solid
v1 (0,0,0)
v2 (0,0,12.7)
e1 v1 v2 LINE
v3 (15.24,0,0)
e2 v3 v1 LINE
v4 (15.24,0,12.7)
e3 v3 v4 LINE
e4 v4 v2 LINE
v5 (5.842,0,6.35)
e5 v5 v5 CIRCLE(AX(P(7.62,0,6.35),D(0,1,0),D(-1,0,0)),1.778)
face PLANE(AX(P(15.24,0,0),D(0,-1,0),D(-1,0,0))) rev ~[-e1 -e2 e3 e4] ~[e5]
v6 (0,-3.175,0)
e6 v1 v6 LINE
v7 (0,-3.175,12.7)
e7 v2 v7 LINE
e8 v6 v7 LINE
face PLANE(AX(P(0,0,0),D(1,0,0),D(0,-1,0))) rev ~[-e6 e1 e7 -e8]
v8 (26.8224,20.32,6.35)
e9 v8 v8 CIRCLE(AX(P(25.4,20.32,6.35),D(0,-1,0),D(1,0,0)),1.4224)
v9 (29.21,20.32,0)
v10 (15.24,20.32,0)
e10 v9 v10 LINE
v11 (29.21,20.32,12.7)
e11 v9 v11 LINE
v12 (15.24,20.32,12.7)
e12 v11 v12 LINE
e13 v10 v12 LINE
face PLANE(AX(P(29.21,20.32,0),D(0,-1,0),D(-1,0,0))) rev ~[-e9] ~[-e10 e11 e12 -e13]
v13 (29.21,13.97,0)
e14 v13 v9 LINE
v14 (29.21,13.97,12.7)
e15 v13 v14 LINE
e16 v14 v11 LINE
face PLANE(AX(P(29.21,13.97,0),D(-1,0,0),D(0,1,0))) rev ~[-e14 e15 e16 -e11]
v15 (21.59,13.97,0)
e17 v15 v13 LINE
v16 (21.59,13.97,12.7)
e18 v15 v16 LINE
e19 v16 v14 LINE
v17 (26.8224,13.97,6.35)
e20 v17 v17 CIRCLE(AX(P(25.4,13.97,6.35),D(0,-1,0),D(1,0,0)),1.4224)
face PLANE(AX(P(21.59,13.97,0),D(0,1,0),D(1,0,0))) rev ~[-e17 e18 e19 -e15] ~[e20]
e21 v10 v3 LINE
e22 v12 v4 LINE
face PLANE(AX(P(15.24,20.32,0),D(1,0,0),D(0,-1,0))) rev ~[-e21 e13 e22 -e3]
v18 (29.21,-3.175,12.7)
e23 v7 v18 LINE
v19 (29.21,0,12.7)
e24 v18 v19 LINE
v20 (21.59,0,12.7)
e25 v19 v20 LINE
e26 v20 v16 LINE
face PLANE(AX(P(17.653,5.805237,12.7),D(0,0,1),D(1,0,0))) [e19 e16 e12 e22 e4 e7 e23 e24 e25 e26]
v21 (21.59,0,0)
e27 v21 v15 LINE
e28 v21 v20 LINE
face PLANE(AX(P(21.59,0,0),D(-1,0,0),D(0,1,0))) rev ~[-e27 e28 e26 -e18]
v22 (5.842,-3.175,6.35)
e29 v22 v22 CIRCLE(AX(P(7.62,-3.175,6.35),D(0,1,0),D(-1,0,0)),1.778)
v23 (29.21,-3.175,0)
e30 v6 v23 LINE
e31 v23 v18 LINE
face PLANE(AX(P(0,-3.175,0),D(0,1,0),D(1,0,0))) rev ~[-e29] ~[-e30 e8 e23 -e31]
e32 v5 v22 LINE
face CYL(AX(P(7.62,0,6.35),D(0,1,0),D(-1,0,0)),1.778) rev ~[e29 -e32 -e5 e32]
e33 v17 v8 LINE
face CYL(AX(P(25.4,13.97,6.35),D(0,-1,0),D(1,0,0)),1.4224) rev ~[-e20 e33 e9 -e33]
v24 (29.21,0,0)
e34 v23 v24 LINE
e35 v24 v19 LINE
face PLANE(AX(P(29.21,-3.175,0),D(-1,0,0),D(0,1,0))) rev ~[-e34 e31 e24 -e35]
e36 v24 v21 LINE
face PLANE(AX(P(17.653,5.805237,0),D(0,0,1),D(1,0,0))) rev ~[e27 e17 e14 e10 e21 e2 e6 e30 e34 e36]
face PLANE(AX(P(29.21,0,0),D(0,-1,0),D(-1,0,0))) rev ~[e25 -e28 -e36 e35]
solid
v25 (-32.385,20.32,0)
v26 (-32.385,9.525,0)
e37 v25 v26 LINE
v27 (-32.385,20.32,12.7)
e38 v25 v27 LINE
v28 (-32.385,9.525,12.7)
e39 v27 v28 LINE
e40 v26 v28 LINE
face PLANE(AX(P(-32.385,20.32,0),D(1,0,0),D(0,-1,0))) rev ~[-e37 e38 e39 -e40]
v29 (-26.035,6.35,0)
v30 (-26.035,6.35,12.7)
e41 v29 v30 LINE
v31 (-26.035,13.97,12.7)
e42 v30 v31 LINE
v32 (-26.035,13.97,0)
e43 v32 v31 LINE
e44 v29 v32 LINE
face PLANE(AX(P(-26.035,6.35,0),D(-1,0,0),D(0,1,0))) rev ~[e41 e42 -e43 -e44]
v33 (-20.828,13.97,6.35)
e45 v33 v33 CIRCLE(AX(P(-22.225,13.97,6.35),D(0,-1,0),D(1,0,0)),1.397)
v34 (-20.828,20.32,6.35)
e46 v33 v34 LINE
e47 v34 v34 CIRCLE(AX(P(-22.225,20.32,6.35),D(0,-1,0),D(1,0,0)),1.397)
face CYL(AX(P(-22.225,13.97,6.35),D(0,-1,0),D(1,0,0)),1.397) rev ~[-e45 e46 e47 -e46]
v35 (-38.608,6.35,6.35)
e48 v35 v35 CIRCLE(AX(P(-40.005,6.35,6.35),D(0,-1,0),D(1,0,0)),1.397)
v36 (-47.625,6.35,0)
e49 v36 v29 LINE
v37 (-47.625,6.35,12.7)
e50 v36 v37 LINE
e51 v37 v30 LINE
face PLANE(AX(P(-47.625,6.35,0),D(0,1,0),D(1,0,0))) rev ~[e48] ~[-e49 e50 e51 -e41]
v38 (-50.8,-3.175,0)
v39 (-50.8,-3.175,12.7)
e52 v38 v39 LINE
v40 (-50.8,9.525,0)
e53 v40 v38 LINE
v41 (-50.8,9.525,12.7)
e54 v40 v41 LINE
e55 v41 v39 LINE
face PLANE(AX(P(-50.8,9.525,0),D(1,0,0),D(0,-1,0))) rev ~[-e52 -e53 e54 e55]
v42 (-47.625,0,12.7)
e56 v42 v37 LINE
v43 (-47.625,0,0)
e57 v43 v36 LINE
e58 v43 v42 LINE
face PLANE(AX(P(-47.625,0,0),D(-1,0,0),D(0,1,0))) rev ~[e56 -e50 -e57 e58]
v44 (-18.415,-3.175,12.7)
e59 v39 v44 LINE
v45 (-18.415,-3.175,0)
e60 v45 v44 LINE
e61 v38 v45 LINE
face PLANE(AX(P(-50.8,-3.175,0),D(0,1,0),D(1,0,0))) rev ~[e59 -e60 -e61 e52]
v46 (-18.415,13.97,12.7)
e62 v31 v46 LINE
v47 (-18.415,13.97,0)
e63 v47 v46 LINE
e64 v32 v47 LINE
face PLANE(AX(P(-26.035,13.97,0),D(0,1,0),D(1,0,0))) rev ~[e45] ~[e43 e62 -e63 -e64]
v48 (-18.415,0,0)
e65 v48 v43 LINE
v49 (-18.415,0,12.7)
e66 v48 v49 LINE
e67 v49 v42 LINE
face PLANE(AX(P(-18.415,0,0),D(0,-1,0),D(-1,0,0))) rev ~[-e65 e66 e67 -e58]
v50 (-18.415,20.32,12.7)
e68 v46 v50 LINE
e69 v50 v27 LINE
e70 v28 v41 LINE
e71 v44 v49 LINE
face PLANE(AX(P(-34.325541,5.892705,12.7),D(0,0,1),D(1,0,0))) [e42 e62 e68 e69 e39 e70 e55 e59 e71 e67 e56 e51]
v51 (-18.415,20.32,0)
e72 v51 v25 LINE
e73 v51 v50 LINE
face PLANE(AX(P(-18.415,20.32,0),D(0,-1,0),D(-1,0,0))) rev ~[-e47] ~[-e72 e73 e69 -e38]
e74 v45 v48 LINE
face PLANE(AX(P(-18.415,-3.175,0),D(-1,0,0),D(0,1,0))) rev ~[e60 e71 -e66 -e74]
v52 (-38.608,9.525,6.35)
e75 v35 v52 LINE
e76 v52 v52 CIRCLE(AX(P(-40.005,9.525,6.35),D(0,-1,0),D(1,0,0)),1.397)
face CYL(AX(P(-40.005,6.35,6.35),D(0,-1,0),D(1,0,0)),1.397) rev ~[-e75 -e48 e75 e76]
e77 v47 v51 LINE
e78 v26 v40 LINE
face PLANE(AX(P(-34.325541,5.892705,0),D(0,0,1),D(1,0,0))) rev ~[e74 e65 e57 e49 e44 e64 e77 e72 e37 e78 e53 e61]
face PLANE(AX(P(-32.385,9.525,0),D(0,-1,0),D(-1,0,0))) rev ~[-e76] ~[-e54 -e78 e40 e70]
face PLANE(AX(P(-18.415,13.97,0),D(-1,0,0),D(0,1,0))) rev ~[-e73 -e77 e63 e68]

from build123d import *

# Parameters (mm, degrees)
F1_DEPTH  = 12.7
F2_R      = 1.4224
F3_DEPTH  = 25.4
F4_R      = 1.778
F5_DEPTH  = 25.4
F7_DEPTH  = 12.7
F8_R      = 1.397
F9_DEPTH  = 25.4
F10_R     = 1.397
F11_DEPTH = 25.4


with BuildPart() as f1:
    # F0 (on Top) → F1 (new body)
    with BuildSketch(Plane.XY):
        Polygon((15.24, 0), (0, 0), (0, -3.175), (21.59, -3.175), (29.21, -3.175), (29.21, 0), (21.59, 0), (21.59, 13.97), (29.21, 13.97), (29.21, 20.32), (15.24, 20.32), align=None)
    extrude(amount=F1_DEPTH)

    # F2 (on face) → F3 (cut)
    with BuildSketch(Plane.XZ.offset(-13.97)):
        with Locations((25.4, 6.35)):
            Circle(F2_R)
    extrude(amount=-F3_DEPTH, mode=Mode.SUBTRACT)

    # F4 (on face) → F5 (cut)
    with BuildSketch(Plane(origin=(0, 0, 0), x_dir=(-1, 0, 0), z_dir=(0, 1, 0))):
        with Locations((-7.62, 6.35)):
            Circle(F4_R)
    extrude(amount=-F5_DEPTH, mode=Mode.SUBTRACT)


with BuildPart() as f7:
    # F6 (on Top) → F7 (new body)
    with BuildSketch(Plane.XY):
        Polygon((-32.385, 0), (-47.625, 0), (-47.625, 6.35), (-32.385, 6.35), (-26.035, 6.35), (-26.035, 13.97), (-18.415, 13.97), (-18.415, 20.32), (-32.385, 20.32), (-32.385, 9.525), (-47.625, 9.525), (-50.8, 9.525), (-50.8, -3.175), (-47.625, -3.175), (-32.385, -3.175), (-18.415, -3.175), (-18.415, 0), align=None)
    extrude(amount=F7_DEPTH)

    # F8 (on face) → F9 (cut)
    with BuildSketch(Plane.XZ.offset(-13.97)):
        with Locations((-22.225, 6.35)):
            Circle(F8_R)
    extrude(amount=-F9_DEPTH, mode=Mode.SUBTRACT)

    # F10 (on face) → F11 (cut)
    with BuildSketch(Plane.XZ.offset(-6.35)):
        with Locations((-40.005, 6.35)):
            Circle(F10_R)
    extrude(amount=-F11_DEPTH, mode=Mode.SUBTRACT)


solid = Compound([f1.part, f7.part])
